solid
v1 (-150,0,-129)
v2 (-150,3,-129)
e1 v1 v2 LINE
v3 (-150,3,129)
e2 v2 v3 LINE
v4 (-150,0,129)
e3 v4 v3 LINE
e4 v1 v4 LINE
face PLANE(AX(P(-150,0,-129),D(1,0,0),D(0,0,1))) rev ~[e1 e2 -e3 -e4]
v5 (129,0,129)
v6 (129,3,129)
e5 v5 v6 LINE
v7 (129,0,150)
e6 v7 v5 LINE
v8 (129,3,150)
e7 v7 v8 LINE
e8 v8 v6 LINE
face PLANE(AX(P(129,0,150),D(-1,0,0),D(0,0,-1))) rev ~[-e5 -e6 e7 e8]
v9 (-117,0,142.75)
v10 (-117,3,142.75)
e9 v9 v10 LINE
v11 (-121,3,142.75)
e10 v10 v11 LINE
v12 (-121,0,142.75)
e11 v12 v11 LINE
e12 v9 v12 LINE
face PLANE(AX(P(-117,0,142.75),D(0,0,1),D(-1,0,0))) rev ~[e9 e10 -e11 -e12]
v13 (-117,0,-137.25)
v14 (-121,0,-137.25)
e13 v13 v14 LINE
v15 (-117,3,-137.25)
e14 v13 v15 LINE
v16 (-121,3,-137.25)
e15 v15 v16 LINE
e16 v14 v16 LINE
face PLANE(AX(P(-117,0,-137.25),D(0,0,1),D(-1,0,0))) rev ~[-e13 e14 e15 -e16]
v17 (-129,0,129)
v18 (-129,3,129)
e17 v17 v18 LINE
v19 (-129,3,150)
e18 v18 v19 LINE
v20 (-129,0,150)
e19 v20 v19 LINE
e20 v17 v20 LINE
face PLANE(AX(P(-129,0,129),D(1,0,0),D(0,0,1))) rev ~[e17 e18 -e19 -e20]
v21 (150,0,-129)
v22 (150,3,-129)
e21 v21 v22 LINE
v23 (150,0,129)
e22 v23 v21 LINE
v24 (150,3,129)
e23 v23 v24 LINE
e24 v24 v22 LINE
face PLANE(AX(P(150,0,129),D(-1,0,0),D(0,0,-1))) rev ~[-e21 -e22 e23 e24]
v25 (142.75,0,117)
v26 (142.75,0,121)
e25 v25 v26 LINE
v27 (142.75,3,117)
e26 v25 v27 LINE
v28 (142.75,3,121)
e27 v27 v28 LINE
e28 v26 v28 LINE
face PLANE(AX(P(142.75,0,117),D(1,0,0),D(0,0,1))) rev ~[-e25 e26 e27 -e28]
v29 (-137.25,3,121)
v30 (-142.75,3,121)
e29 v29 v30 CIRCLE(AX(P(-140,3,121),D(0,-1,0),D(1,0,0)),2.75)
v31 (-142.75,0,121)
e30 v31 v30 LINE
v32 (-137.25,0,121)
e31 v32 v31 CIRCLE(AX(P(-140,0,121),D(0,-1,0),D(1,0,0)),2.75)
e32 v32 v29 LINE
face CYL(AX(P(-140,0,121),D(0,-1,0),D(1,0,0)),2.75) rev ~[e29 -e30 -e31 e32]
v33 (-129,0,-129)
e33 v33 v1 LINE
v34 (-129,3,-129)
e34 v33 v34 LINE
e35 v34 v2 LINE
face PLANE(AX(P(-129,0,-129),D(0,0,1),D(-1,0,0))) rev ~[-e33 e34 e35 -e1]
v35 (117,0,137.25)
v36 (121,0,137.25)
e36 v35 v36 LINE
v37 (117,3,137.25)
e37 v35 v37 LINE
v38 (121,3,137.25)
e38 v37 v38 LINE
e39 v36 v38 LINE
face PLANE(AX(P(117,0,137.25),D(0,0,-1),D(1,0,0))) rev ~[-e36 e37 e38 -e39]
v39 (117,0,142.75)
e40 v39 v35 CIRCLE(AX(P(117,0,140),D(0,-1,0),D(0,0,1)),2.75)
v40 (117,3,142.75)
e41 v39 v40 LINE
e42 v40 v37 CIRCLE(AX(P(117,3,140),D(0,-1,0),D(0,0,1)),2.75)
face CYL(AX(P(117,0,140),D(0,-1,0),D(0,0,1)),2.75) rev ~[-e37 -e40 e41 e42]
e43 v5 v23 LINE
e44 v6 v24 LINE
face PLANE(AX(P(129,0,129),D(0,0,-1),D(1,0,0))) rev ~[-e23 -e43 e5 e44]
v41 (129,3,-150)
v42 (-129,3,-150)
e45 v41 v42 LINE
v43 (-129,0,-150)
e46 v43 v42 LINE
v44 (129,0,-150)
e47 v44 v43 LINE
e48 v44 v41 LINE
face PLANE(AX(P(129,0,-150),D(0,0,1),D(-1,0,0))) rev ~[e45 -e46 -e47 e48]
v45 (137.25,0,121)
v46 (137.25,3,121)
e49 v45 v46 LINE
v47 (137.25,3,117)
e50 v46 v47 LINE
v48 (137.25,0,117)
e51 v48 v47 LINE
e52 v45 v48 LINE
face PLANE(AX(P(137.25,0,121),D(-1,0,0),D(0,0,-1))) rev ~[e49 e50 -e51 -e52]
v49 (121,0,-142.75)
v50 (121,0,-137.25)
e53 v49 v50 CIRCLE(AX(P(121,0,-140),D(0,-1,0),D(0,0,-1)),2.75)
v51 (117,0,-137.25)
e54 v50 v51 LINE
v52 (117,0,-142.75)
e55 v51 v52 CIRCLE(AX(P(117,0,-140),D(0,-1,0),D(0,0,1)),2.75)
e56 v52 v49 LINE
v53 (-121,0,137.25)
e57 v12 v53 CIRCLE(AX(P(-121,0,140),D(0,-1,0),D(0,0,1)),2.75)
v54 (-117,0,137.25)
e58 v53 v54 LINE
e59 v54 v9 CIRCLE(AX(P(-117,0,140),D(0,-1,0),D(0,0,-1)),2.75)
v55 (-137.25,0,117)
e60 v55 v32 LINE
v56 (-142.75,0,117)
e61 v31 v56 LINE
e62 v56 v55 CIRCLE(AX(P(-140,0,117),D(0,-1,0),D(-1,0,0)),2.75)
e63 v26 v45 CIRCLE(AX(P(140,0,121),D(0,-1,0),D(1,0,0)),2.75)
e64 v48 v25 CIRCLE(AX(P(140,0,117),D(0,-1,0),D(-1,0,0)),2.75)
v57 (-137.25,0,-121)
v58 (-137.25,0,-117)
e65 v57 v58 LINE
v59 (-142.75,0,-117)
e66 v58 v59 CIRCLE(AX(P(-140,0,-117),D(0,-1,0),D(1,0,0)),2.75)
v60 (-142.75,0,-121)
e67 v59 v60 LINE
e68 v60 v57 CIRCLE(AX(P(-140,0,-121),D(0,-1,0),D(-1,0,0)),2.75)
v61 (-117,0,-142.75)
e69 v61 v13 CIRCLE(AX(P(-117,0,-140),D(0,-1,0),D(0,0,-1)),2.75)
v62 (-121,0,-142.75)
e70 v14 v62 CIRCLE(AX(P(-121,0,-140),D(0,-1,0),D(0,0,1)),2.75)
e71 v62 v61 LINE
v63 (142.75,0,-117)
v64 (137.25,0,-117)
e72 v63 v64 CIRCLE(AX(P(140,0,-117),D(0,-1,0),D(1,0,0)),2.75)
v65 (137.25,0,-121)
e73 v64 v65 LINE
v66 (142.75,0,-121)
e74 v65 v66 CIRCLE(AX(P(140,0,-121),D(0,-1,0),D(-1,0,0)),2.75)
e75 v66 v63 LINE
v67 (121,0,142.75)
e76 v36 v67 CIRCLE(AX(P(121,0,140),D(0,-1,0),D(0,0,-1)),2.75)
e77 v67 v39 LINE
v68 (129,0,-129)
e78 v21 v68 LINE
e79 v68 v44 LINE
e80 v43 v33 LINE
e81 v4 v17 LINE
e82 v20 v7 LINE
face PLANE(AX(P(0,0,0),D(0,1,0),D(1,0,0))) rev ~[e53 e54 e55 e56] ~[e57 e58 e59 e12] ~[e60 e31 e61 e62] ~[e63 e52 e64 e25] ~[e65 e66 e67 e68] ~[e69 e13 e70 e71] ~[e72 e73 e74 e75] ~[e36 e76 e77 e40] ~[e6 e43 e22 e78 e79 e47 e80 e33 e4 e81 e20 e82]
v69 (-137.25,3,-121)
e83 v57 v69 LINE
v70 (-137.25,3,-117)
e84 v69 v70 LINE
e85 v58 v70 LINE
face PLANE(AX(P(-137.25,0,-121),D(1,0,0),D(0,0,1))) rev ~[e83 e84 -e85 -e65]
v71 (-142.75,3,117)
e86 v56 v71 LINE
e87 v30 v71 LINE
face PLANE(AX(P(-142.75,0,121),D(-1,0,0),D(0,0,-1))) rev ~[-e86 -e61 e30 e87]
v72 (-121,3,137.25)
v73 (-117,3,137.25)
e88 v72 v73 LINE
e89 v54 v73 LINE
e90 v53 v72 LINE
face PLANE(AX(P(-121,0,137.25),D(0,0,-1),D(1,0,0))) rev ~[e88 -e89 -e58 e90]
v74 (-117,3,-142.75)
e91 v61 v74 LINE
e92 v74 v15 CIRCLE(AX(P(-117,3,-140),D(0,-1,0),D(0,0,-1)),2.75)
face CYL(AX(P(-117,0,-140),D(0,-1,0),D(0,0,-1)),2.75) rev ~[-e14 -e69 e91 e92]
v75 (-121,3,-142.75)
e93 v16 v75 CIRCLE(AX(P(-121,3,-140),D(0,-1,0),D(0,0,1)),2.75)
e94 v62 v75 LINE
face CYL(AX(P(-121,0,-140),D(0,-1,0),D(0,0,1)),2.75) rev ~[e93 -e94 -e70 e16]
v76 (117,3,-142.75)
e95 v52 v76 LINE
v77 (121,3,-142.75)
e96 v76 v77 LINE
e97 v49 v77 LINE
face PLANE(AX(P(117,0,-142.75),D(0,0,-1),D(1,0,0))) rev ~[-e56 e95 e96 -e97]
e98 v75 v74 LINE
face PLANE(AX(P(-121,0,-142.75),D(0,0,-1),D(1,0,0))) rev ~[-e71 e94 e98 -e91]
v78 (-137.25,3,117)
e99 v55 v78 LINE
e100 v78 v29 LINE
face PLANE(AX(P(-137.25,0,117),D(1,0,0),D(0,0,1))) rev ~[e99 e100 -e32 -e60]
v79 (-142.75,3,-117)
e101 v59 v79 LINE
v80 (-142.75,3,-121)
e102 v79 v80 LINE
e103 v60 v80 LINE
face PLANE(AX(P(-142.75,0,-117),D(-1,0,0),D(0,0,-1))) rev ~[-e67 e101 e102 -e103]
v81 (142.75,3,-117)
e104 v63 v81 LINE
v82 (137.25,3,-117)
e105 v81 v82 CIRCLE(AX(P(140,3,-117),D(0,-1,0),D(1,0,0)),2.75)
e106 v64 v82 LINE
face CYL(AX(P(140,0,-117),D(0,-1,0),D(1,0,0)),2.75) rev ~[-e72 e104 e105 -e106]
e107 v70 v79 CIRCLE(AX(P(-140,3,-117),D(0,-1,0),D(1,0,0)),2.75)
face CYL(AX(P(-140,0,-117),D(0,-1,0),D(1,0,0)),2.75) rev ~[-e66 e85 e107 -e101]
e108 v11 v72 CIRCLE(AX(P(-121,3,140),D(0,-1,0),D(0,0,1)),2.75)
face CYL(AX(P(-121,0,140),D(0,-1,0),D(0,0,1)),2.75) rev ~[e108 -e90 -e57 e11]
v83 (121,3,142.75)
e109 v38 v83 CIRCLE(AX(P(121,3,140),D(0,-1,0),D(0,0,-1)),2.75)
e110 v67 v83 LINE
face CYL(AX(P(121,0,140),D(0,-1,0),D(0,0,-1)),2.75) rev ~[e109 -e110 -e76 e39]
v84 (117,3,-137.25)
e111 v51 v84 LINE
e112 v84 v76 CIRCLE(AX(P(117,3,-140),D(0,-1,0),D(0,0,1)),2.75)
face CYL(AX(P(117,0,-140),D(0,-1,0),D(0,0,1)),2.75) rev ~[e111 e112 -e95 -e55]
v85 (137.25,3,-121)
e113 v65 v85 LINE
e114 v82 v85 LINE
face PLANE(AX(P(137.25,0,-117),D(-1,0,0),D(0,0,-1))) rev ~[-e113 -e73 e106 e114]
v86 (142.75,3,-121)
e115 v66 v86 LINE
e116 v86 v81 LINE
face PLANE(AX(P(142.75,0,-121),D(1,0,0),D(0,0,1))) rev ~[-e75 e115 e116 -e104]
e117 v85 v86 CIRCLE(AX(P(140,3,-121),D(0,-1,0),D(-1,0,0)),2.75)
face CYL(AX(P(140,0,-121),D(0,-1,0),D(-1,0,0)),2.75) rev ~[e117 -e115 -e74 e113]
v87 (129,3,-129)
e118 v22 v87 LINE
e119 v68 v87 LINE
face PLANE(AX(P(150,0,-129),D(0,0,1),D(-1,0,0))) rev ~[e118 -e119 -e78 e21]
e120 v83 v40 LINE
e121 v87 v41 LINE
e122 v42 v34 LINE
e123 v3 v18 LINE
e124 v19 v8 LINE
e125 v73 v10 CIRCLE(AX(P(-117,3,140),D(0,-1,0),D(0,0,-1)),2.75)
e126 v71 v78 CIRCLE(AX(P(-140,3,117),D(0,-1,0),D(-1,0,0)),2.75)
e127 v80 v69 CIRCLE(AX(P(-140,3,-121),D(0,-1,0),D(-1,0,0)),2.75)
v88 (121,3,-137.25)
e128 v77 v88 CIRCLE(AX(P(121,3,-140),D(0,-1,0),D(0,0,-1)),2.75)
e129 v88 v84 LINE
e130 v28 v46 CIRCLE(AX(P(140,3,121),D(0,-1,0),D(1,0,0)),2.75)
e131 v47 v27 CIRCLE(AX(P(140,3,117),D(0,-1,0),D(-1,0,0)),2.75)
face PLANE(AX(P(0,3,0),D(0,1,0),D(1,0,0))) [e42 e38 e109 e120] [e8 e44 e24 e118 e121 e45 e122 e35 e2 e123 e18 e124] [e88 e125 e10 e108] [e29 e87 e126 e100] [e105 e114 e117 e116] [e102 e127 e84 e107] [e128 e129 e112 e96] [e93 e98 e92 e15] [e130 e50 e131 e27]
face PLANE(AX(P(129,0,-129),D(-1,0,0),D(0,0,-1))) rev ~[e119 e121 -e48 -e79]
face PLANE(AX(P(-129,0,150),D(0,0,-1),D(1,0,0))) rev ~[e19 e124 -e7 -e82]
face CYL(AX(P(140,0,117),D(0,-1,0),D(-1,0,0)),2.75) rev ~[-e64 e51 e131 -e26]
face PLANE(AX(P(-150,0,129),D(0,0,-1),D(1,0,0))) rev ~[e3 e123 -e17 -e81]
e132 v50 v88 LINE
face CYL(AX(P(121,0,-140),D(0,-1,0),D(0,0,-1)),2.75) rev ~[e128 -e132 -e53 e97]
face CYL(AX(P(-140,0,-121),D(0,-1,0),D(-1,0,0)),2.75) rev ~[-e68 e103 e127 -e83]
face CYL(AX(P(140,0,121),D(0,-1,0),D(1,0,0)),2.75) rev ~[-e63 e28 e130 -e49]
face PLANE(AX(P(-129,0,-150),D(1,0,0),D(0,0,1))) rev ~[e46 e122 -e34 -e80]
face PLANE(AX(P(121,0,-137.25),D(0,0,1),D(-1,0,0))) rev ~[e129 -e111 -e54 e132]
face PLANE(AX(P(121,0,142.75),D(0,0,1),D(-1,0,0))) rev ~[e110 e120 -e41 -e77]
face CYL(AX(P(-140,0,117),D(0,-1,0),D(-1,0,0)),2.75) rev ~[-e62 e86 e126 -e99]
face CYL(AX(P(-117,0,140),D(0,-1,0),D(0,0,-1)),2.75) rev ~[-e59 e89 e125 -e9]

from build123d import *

# Parameters (mm, degrees)
BOSS_EXTRUDE1_DEPTH = 3


with BuildPart() as part:
    # Sketch1 → Boss-Extrude1 (new body)
    with BuildSketch(Plane(origin=(0, 0, 0), x_dir=(1, 0, 0), z_dir=(0, 1, 0))):
        Polygon((-129, -129), (-129, -150), (129, -150), (129, -129), (150, -129), (150, 129), (129, 129), (129, 150), (-129, 150), (-129, 129), (-150, 129), (-150, -129), align=None)
        with BuildLine():
            Line((-117, -142.75), (-121, -142.75))
            ThreePointArc((-121, -142.75), (-123.75, -140), (-121, -137.25))
            Line((-121, -137.25), (-117, -137.25))
            ThreePointArc((-117, -137.25), (-114.25, -140), (-117, -142.75))
        make_face(mode=Mode.SUBTRACT)
        with BuildLine():
            Line((-137.25, -117), (-137.25, -121))
            ThreePointArc((-137.25, -121), (-140, -123.75), (-142.75, -121))
            Line((-142.75, -121), (-142.75, -117))
            ThreePointArc((-142.75, -117), (-140, -114.25), (-137.25, -117))
        make_face(mode=Mode.SUBTRACT)
        with BuildLine():
            ThreePointArc((121, -137.25), (123.75, -140), (121, -142.75))
            Line((121, -142.75), (117, -142.75))
            ThreePointArc((117, -142.75), (114.25, -140), (117, -137.25))
            Line((117, -137.25), (121, -137.25))
        make_face(mode=Mode.SUBTRACT)
        with BuildLine():
            ThreePointArc((142.75, -121), (140, -123.75), (137.25, -121))
            Line((137.25, -121), (137.25, -117))
            ThreePointArc((137.25, -117), (140, -114.25), (142.75, -117))
            Line((142.75, -117), (142.75, -121))
        make_face(mode=Mode.SUBTRACT)
        with BuildLine():
            ThreePointArc((-142.75, 121), (-140, 123.75), (-137.25, 121))
            Line((-137.25, 121), (-137.25, 117))
            ThreePointArc((-137.25, 117), (-140, 114.25), (-142.75, 117))
            Line((-142.75, 117), (-142.75, 121))
        make_face(mode=Mode.SUBTRACT)
        with BuildLine():
            ThreePointArc((-121, 137.25), (-123.75, 140), (-121, 142.75))
            Line((-121, 142.75), (-117, 142.75))
            ThreePointArc((-117, 142.75), (-114.25, 140), (-117, 137.25))
            Line((-117, 137.25), (-121, 137.25))
        make_face(mode=Mode.SUBTRACT)
        with BuildLine():
            Line((137.25, 117), (137.25, 121))
            ThreePointArc((137.25, 121), (140, 123.75), (142.75, 121))
            Line((142.75, 121), (142.75, 117))
            ThreePointArc((142.75, 117), (140, 114.25), (137.25, 117))
        make_face(mode=Mode.SUBTRACT)
        with BuildLine():
            Line((117, 142.75), (121, 142.75))
            ThreePointArc((121, 142.75), (123.75, 140), (121, 137.25))
            Line((121, 137.25), (117, 137.25))
            ThreePointArc((117, 137.25), (114.25, 140), (117, 142.75))
        make_face(mode=Mode.SUBTRACT)
    extrude(amount=BOSS_EXTRUDE1_DEPTH)


solid = part.part
